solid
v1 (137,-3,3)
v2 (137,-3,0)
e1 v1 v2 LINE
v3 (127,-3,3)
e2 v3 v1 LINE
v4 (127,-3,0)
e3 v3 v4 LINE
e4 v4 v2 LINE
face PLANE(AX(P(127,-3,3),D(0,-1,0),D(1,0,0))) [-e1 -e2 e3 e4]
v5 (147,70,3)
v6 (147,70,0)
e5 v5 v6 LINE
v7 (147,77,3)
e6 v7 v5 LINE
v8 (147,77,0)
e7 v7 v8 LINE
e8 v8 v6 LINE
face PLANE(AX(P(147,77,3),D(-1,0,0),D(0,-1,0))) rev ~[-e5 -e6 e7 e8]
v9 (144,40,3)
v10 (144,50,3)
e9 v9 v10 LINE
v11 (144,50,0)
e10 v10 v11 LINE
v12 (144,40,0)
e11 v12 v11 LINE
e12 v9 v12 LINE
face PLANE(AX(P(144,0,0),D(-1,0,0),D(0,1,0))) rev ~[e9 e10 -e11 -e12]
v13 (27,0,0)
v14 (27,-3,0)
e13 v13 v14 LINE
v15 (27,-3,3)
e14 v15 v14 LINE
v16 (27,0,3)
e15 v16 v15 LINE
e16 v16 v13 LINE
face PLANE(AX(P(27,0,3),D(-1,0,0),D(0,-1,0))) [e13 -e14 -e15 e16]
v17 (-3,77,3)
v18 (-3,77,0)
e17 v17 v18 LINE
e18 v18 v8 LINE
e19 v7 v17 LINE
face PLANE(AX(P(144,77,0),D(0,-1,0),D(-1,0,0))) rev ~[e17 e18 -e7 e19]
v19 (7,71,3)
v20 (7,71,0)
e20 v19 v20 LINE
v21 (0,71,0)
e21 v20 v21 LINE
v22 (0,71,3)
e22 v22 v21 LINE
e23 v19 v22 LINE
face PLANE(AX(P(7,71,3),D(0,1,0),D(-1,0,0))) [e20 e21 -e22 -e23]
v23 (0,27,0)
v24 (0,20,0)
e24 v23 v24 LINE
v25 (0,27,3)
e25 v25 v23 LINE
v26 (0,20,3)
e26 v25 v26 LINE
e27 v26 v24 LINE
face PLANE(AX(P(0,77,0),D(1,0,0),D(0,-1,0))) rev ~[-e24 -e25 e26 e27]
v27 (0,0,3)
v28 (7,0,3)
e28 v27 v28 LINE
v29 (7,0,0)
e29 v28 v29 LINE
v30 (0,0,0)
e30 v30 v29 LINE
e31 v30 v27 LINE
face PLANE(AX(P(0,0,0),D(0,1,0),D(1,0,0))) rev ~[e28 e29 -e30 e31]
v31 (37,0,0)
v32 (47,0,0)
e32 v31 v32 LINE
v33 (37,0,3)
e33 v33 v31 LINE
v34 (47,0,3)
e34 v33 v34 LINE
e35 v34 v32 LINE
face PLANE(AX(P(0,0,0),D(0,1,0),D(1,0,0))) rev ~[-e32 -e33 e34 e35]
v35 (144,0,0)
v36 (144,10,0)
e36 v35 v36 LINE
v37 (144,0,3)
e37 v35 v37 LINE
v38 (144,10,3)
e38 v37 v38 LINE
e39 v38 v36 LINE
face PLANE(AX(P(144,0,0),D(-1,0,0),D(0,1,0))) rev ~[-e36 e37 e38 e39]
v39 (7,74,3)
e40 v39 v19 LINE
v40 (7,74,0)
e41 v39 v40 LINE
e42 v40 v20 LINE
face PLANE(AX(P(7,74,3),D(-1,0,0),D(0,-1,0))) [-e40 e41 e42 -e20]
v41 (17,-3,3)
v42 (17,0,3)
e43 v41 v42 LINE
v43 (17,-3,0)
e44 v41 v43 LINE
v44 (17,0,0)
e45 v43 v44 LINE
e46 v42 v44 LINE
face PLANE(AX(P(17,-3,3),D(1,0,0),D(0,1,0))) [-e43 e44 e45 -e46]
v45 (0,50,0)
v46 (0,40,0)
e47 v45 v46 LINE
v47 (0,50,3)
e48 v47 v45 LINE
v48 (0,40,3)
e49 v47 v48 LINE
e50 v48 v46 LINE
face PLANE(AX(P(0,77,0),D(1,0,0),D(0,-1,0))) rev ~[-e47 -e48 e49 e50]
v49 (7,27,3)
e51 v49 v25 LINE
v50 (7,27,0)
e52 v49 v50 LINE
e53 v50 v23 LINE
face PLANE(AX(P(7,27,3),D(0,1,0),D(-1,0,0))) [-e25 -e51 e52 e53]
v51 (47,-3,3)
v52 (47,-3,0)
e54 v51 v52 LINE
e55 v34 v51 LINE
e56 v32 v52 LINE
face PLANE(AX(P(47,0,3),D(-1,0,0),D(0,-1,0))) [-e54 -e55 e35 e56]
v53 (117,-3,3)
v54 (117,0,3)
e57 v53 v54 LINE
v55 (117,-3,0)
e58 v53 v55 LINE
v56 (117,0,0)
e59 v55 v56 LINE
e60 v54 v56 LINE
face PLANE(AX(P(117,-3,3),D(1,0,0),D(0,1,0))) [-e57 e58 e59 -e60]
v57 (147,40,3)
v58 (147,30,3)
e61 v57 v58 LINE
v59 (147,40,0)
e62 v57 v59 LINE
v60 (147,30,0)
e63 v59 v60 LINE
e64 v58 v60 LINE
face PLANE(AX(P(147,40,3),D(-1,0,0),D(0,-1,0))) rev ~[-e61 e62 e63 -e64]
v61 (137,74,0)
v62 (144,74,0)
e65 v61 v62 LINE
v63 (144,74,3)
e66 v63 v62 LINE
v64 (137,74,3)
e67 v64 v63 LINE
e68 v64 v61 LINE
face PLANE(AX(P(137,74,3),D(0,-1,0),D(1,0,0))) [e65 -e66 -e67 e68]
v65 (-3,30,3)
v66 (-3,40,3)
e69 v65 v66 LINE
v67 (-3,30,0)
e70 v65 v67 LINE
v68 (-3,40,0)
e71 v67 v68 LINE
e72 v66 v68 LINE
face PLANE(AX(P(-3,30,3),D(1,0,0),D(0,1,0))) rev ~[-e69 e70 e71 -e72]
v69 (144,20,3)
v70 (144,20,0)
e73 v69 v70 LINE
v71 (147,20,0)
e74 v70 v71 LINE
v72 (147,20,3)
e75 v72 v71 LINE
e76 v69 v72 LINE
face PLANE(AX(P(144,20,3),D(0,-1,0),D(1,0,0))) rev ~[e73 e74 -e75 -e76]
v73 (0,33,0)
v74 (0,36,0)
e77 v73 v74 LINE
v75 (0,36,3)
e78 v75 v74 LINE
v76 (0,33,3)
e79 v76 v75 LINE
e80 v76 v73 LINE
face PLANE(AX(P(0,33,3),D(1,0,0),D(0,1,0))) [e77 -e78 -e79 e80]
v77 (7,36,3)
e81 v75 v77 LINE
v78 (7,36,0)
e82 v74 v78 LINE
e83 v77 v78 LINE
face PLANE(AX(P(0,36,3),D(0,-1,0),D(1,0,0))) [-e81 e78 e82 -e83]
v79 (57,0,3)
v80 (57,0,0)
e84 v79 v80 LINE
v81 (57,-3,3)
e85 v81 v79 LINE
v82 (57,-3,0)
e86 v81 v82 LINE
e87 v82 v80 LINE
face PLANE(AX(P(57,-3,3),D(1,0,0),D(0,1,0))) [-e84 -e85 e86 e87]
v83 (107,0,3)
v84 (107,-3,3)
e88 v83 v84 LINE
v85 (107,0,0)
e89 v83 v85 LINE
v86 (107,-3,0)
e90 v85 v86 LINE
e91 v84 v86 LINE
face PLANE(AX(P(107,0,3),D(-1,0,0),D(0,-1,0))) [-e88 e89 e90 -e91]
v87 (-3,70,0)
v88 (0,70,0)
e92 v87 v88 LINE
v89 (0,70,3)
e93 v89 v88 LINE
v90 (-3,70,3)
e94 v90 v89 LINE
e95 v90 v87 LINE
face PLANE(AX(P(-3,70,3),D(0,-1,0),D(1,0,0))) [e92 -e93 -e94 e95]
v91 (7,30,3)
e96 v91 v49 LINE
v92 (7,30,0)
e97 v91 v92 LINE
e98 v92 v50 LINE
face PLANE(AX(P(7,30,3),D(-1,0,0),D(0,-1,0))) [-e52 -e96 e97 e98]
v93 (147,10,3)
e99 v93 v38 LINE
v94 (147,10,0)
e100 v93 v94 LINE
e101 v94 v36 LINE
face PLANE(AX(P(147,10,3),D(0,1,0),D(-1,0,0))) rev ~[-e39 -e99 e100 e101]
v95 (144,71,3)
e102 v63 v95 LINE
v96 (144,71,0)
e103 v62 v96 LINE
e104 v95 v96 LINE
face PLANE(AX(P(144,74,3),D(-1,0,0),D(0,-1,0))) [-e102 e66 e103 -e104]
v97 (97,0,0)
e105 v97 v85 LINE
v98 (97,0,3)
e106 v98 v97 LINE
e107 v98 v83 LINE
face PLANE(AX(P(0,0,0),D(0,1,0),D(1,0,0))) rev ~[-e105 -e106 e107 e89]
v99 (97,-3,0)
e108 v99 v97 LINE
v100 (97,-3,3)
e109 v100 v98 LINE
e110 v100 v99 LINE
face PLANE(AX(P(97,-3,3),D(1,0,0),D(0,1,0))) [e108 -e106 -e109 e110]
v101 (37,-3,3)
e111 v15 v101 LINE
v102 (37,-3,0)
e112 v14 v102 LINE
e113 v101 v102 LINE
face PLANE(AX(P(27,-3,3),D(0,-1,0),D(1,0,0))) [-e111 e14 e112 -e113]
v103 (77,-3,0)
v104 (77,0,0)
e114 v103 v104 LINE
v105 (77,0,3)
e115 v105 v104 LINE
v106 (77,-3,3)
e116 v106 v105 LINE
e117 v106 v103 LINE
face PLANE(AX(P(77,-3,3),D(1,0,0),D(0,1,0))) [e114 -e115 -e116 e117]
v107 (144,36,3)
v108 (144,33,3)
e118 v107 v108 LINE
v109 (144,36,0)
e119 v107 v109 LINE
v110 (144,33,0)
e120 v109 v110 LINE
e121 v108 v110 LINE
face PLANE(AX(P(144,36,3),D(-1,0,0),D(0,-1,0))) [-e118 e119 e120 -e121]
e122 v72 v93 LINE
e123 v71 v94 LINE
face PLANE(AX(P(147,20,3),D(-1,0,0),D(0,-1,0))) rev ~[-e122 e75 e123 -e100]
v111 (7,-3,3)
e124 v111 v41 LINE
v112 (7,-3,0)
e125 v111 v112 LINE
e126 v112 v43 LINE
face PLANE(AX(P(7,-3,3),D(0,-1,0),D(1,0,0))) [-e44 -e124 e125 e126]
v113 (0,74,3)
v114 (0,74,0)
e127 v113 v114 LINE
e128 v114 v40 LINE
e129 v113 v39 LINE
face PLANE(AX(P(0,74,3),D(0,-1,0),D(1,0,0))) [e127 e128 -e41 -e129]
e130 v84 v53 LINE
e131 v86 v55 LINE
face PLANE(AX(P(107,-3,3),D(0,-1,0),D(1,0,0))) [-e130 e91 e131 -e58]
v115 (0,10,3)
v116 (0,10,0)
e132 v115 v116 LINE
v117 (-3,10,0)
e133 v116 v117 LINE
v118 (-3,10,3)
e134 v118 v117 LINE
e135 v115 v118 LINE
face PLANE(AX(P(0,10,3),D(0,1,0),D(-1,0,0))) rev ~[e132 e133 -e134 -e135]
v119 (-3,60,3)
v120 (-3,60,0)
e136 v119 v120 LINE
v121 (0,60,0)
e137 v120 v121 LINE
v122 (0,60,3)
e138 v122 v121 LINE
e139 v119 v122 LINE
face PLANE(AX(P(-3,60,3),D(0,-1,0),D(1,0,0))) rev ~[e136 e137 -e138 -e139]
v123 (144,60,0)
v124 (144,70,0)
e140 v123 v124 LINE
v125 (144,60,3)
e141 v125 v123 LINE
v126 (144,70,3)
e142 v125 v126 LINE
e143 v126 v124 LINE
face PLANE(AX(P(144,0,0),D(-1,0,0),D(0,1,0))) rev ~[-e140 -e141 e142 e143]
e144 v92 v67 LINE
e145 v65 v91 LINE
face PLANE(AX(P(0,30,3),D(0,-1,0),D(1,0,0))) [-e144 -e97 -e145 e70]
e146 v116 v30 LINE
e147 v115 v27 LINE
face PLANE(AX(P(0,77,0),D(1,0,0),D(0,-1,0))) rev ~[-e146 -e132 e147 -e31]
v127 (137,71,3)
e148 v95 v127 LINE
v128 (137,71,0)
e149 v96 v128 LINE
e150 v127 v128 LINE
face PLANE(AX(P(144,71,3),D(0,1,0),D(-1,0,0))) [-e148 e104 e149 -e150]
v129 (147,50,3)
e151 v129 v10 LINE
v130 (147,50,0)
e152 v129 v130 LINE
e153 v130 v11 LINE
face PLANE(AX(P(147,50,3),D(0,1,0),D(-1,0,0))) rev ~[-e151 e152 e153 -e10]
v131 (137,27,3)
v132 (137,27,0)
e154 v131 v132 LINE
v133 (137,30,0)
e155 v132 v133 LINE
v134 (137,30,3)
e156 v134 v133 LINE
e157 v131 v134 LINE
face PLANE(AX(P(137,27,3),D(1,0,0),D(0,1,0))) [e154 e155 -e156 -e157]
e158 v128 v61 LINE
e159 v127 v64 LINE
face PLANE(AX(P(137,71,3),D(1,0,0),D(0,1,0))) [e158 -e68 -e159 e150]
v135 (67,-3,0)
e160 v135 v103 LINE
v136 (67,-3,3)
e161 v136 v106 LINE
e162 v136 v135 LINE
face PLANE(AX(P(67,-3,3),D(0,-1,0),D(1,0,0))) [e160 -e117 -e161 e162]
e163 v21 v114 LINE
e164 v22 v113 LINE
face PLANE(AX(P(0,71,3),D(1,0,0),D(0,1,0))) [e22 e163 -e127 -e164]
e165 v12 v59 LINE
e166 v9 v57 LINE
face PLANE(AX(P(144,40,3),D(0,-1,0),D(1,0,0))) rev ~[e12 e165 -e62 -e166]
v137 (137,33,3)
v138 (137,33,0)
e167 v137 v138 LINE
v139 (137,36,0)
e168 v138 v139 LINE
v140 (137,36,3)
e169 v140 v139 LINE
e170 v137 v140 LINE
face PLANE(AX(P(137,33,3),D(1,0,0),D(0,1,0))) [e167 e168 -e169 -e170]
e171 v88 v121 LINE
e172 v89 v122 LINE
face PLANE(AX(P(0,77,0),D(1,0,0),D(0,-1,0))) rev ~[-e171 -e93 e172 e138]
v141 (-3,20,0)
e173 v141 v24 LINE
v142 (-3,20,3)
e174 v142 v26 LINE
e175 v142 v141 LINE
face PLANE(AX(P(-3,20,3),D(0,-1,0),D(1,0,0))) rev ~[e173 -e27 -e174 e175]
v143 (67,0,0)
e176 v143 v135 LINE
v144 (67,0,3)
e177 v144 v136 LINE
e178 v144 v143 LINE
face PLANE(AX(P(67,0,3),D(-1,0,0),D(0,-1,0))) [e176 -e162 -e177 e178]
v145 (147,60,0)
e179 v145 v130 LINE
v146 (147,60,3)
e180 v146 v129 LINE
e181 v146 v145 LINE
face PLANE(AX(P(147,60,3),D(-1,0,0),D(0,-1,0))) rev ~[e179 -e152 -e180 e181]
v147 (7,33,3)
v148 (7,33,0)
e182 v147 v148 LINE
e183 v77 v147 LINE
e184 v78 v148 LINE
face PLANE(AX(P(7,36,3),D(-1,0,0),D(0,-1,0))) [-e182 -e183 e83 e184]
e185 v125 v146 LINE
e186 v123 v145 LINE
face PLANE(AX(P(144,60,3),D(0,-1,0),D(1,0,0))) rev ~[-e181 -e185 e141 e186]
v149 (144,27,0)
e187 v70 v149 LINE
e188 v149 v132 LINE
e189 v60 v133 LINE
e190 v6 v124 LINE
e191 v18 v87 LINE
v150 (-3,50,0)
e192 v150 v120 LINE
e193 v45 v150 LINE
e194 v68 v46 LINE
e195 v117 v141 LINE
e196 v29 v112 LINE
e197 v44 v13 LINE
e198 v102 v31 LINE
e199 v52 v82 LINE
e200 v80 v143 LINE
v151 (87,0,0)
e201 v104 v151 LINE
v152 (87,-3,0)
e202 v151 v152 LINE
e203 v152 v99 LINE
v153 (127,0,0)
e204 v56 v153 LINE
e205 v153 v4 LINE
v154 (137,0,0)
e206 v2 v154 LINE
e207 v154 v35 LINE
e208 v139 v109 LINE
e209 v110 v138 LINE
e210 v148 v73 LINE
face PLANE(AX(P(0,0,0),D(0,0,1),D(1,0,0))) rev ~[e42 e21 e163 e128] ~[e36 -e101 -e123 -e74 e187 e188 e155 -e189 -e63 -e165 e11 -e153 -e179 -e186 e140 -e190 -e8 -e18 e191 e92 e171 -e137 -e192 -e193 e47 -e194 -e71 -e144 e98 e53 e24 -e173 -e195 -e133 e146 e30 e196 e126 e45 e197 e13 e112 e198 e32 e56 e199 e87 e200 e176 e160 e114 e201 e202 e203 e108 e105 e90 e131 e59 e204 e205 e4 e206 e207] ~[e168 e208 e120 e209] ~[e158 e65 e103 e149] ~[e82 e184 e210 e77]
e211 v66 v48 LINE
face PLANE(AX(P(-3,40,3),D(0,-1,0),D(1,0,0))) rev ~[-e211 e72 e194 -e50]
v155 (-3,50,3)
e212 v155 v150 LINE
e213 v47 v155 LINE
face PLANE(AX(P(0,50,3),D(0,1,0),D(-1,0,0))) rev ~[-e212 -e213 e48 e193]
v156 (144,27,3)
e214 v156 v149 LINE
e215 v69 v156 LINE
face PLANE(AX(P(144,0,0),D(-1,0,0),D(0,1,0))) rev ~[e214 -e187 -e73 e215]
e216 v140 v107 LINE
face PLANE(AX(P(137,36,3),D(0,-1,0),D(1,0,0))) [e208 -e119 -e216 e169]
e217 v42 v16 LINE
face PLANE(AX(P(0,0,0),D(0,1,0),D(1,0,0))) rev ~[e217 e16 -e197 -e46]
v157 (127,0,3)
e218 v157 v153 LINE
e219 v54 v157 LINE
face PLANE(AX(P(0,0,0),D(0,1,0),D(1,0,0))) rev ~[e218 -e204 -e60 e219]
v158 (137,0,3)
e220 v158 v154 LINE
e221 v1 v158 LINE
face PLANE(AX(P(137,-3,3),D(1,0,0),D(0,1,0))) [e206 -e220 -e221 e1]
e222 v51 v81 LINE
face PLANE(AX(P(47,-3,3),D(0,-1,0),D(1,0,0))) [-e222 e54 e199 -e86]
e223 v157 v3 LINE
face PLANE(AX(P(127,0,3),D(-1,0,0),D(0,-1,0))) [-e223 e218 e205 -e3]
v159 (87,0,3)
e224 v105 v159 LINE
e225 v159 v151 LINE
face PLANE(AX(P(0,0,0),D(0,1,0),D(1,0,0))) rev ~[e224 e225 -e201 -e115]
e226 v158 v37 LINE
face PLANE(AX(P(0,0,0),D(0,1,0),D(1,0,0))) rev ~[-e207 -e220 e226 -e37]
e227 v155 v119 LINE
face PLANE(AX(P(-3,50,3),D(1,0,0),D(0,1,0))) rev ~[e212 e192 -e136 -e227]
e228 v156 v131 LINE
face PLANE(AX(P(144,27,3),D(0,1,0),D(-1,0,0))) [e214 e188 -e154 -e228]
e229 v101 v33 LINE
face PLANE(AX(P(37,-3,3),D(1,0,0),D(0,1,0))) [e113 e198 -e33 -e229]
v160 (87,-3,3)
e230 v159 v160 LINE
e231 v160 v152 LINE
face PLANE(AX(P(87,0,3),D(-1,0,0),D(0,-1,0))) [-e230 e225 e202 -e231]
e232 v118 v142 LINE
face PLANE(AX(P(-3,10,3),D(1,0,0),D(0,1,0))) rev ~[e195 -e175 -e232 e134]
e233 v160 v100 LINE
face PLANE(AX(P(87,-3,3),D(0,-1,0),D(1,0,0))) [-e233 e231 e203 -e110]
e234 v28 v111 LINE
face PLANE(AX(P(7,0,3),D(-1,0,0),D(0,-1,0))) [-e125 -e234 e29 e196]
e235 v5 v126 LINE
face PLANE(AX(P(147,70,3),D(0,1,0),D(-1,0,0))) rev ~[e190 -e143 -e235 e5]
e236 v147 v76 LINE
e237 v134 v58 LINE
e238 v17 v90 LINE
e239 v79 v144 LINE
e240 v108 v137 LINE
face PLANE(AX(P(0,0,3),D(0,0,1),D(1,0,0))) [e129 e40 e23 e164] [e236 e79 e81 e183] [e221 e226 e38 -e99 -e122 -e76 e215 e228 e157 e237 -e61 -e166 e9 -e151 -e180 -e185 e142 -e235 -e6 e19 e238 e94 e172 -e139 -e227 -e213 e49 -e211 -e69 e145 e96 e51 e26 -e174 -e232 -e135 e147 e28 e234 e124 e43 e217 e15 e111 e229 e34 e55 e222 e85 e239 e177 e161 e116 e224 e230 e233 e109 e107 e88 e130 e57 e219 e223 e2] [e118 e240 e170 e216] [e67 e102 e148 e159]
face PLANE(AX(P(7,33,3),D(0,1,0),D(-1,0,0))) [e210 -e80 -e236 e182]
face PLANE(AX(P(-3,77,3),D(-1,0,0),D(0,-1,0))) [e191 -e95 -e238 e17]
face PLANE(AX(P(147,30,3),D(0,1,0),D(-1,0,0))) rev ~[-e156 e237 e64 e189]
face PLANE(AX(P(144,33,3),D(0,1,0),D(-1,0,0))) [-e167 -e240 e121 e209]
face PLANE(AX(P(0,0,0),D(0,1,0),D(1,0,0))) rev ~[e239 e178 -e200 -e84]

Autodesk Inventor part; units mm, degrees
ref_plane "YZ Plane" through (0, 0, 0) normal (1, 0, 0) x (0, 1, 0)
ref_plane "XZ Plane" through (0, 0, 0) normal (0, 1, 0) x (-1, 0, 0)
ref_plane "XY Plane" through (0, 0, 0) normal (0, 0, 1) x (1, 0, 0)
sketch "Sketch1" plane through (0, 0, 0) normal (0, 0, 1) x (1, 0, 0)
  line L0 (0, 0) -> (144, 0)
  line L1 (144, 0) -> (144, 77)
  line L2 (144, 77) -> (0, 77)
  line L3 (0, 77) -> (0, 0)
  dimension "d0" = 144
  dimension "d1" = 77
extrude "Extrusion1" add sketch "Sketch1" along normal blind 3
sketch "Sketch2" plane through (0, 0, 3) normal (0, 0, 1) x (1, 0, 0)
  line L0 (144, 77) -> (0, 77) projected
  line L1 (0, 0) -> (144, 0) projected
  line L2 (0, 77) -> (144, 77)
  line L3 (144, 77) -> (144, 0)
  line L4 (144, 0) -> (0, 0)
  line L5 (0, 0) -> (0, 77)
  line L6 (7, 0) -> (7, -3)
  line L7 (7, -3) -> (17, -3)
  line L8 (17, -3) -> (17, 0)
  line L9 (27, 0) -> (27, -3)
  line L10 (27, -3) -> (37, -3)
  line L11 (37, -3) -> (37, 0)
  line L12 (47, 0) -> (47, -3)
  line L13 (47, -3) -> (57, -3)
  line L14 (57, -3) -> (57, 0)
  line L15 (67, 0) -> (67, -3)
  line L16 (67, -3) -> (77, -3)
  line L17 (77, -3) -> (77, 0)
  line L18 (87, 0) -> (87, -3)
  line L19 (87, -3) -> (97, -3)
  line L20 (97, -3) -> (97, 0)
  line L21 (107, 0) -> (107, -3)
  line L22 (107, -3) -> (117, -3)
  line L23 (117, -3) -> (117, 0)
  line L24 (127, 0) -> (127, -3)
  line L25 (127, -3) -> (137, -3)
  line L26 (137, -3) -> (137, 0)
  line L27 (0, 77) -> (0, 0) projected
  line L28 (0, 10) -> (-3, 10)
  line L29 (-3, 10) -> (-3, 20)
  line L30 (-3, 20) -> (0, 20)
  line L31 (-3, 40) -> (0, 40)
  line L32 (-3, 30) -> (-3, 40)
  line L33 (0, 30) -> (-3, 30)
  line L34 (-3, 60) -> (0, 60)
  line L35 (-3, 50) -> (-3, 60)
  line L36 (0, 50) -> (-3, 50)
  line L37 (144, 77) -> (0, 77) projected
  line L38 (0, 77) -> (-3, 77)
  line L39 (-3, 77) -> (-3, 70)
  line L40 (-3, 70) -> (0, 70)
  line L41 (144, 0) -> (144, 77) projected
  line L42 (144, 77) -> (147, 77)
  line L43 (147, 77) -> (147, 70)
  line L44 (147, 70) -> (144, 70)
  line L45 (144, 0) -> (144, 77) projected
  line L46 (144, 60) -> (147, 60)
  line L47 (147, 60) -> (147, 50)
  line L48 (147, 50) -> (144, 50)
  line L49 (144, 40) -> (147, 40)
  line L50 (147, 40) -> (147, 30)
  line L51 (147, 30) -> (144, 30)
  line L52 (144, 20) -> (147, 20)
  line L53 (147, 20) -> (147, 10)
  line L54 (147, 10) -> (144, 10)
  dimension "d4" = 3
  dimension "d5" = 10
  dimension "d8" = 20
  dimension "d13" = 3
  dimension "d14" = 10
  dimension "d17" = 20
  dimension "d22" = 3
  dimension "d23" = 7
  dimension "d24" = 3
extrude "Extrusion2" add sketch "Sketch2" against normal blind 3 contours L42 L43 L44 L3 | L5 L40 L39 L38 | L46 L47 L48 L3 | L5 L36 L35 L34 | L49 L50 L51 L3 | L5 L33 L32 L31 | L52 L53 L54 L3 | L5 L28 L29 L30 | L26 L25 L24 L1 | L1 L8 L7 L6 | L23 L22 L21 L1 | L1 L11 L10 L9 | L20 L19 L18 L1 | L1 L14 L13 L12 | L17 L16 L15 L1
sketch "Sketch3" plane through (0, 0, 3) normal (0, 0, 1) x (1, 0, 0)
  line L0 (0, 74) -> (7, 74)
  line L1 (7, 74) -> (7, 71)
  line L2 (7, 71) -> (0, 71)
  line L3 (0, 71) -> (0, 74)
  line L4 (137, 74) -> (144, 74)
  line L5 (144, 74) -> (144, 71)
  line L6 (144, 71) -> (137, 71)
  line L7 (137, 71) -> (137, 74)
  line L8 (0, 36) -> (7, 36)
  line L9 (7, 36) -> (7, 33)
  line L10 (7, 33) -> (0, 33)
  line L11 (0, 33) -> (0, 36)
  line L12 (137, 36) -> (144, 36)
  line L13 (144, 36) -> (144, 33)
  line L14 (144, 33) -> (137, 33)
  line L15 (137, 33) -> (137, 36)
  line L16 (7, 30) -> (7, 27)
  line L17 (7, 27) -> (0, 27)
  line L18 (0, 27) -> (0, 30)
  line L19 (0, 30) -> (7, 30)
  line L20 (144, 36) -> (144, 33)
  line L21 (144, 33) -> (137, 33)
  line L22 (137, 33) -> (137, 36)
  line L23 (137, 36) -> (144, 36)
  line L24 (144, 30) -> (144, 27)
  line L25 (144, 27) -> (137, 27)
  line L26 (137, 27) -> (137, 30)
  line L27 (137, 30) -> (144, 30)
  point P0 (0, 0)
  dimension "d27" = 7
  dimension "d28" = 3
  dimension "d31" = 137
  dimension "d34" = 38
  dimension "d41" = 6
  dimension "d44" = 137
extrude "Extrusion3" cut sketch "Sketch3" against normal through all
properties part number "DoosjeVoorkant" material "Wood (Cherry)"
